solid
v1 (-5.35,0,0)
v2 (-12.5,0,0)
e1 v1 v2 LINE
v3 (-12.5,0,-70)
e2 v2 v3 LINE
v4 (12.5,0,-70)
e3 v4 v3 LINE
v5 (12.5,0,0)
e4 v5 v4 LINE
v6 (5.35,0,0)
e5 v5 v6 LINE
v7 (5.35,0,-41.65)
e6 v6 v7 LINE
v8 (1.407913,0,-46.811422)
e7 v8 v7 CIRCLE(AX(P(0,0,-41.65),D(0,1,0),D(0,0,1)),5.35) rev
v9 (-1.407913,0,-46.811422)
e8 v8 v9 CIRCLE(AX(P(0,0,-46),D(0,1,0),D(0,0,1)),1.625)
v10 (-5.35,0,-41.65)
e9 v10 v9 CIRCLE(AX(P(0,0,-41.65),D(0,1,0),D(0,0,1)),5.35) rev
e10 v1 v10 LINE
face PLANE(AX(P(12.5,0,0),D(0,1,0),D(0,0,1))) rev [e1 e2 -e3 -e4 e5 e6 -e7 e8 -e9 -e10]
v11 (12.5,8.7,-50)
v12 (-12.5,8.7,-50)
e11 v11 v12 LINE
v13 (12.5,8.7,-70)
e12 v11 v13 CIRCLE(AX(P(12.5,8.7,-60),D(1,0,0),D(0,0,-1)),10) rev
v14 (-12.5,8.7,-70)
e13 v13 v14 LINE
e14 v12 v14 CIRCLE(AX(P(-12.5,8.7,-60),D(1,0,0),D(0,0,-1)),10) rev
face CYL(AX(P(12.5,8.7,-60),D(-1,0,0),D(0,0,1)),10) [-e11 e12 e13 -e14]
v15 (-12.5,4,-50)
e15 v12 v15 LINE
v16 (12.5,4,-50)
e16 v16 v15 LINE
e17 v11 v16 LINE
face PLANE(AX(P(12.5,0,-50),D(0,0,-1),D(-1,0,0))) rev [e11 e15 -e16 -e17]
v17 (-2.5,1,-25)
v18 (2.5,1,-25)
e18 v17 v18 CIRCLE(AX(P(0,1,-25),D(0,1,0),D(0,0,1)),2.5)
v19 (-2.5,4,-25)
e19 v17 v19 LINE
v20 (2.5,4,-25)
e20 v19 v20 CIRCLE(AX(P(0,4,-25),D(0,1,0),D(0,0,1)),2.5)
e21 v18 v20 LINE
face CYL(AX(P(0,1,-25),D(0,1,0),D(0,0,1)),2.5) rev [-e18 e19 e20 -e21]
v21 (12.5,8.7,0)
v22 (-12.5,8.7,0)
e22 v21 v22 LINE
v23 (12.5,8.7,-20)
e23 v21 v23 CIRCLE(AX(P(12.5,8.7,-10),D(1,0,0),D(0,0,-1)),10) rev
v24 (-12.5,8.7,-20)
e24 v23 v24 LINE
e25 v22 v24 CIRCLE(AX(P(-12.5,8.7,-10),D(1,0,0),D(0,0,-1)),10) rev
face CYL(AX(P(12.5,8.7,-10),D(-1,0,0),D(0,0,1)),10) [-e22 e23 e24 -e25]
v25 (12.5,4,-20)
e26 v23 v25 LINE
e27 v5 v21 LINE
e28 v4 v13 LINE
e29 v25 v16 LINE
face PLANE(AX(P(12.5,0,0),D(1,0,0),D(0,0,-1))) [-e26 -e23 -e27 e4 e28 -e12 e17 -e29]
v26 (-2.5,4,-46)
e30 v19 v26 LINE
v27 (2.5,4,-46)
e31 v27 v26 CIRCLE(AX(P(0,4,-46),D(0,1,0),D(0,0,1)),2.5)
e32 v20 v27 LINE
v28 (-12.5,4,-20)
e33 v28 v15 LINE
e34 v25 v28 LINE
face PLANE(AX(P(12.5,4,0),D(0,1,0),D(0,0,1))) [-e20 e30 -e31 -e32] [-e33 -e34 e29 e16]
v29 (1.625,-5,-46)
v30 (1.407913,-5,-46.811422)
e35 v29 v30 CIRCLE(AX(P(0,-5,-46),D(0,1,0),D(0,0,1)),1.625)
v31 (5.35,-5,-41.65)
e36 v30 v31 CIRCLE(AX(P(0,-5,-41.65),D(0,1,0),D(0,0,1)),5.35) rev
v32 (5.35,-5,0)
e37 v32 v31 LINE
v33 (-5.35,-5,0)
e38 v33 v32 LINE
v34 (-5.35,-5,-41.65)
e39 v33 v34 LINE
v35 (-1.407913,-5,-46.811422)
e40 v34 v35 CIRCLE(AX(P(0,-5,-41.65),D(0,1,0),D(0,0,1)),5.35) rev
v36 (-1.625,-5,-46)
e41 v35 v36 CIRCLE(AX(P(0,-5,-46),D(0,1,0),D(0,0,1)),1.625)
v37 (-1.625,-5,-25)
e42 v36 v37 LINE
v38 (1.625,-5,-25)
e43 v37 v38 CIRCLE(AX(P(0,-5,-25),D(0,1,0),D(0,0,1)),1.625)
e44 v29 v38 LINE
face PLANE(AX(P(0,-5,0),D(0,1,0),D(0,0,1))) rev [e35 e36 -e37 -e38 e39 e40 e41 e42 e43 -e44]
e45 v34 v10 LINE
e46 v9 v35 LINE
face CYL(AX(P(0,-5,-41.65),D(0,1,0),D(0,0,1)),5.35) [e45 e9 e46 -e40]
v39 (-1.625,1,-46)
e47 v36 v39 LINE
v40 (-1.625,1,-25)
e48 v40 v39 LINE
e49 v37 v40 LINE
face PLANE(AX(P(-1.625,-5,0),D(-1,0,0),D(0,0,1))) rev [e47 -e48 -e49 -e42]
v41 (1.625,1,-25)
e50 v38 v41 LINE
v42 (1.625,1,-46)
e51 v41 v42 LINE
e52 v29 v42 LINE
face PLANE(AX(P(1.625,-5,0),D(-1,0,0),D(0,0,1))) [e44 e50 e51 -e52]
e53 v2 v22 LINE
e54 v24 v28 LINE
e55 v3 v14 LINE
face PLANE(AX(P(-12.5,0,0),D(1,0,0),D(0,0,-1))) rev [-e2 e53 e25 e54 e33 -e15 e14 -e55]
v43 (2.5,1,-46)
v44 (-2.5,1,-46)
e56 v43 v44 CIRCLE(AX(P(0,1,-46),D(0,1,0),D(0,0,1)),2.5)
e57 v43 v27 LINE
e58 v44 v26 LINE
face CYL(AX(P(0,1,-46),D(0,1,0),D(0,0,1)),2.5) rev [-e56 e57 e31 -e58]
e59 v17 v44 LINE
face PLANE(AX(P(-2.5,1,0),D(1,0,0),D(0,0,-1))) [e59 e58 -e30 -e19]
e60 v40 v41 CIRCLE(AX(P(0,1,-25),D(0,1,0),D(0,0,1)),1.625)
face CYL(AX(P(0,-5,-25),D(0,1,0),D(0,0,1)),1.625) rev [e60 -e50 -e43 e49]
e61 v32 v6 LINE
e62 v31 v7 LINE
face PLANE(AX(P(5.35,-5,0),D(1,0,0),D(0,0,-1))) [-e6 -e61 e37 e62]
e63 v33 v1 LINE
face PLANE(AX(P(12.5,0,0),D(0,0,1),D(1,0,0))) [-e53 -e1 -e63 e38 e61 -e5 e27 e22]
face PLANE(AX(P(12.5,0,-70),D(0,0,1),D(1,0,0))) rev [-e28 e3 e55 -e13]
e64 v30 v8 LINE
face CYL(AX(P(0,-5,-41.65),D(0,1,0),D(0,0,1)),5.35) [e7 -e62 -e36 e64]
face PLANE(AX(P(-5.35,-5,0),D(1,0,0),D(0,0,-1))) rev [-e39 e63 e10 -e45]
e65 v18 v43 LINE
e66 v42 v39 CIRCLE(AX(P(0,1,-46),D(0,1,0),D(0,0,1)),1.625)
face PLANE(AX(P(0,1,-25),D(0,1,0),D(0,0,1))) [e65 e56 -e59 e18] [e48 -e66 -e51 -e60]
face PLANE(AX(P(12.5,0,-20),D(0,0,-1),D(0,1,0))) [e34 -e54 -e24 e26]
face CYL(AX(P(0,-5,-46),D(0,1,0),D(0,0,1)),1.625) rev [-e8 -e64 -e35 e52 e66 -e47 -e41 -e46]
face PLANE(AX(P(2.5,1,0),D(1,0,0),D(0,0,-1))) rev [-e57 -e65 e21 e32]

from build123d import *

# Parameters (mm, degrees)
BOSS_EXTRUDE1_DEPTH     = 12.5
SKETCH2_W               = 10.7
SKETCH2_H               = 41.65
BOSS_EXTRUDE2_DEPTH     = 5
CUT_EXTRUDE1_DEPTH      = 19.7
CUT_EXTRUDE1_DEPTH_BACK = 6
CUT_EXTRUDE2_START      = 4
CUT_EXTRUDE2_DEPTH      = 3


with BuildPart() as part:
    # Sketch1 → Boss-Extrude1 (new body, symmetric)
    with BuildSketch(Plane(origin=(0, 0, 0), x_dir=(0, 0, -1), z_dir=(1, 0, 0))):
        with BuildLine():
            Line((0, 0), (70, 0))
            Line((70, 0), (70, 8.7))
            ThreePointArc((70, 8.7), (60, 18.7), (50, 8.7))
            Line((50, 8.7), (50, 4))
            Line((50, 4), (20, 4))
            Line((20, 4), (20, 8.7))
            ThreePointArc((20, 8.7), (10, 18.7), (0, 8.7))
            Line((0, 8.7), (0, 0))
        make_face()
    extrude(amount=BOSS_EXTRUDE1_DEPTH, both=True)

    # Sketch2 → Boss-Extrude2 (add)
    with BuildSketch(Plane(origin=(0, 0, 0), x_dir=(1, 0, 0), z_dir=(0, 1, 0))):
        with BuildLine():
            ThreePointArc((-5.35, 41.65), (0, 47), (5.35, 41.65))
            Line((5.35, 41.65), (-5.35, 41.65))
        make_face()
        with Locations((0, 20.825)):
            Rectangle(SKETCH2_W, SKETCH2_H)
    extrude(amount=-BOSS_EXTRUDE2_DEPTH)

    # Sketch4 → Cut-Extrude1 (cut, two sides)
    with BuildSketch(Plane(origin=(0, 0, 0), x_dir=(1, 0, 0), z_dir=(0, 1, 0))) as cut_extrude1_sk:
        with BuildLine():
            Line((-1.625, 40), (1.625, 40))
            Line((1.625, 40), (1.625, 46))
            ThreePointArc((1.625, 46), (0, 47.625), (-1.625, 46))
            Line((-1.625, 46), (-1.625, 40))
        make_face()
        with BuildLine():
            Line((1.625, 38.100164481), (1.625, 40))
            ThreePointArc((1.625, 40), (0, 38.375), (-1.625, 40))
            Line((-1.625, 40), (-1.625, 38.100164481))
            ThreePointArc((-1.625, 38.100164481), (0, 37.5), (1.625, 38.100164481))
        make_face()
        with BuildLine():
            ThreePointArc((-1.625, 40), (0, 38.375), (1.625, 40))
            Line((1.625, 40), (-1.625, 40))
        make_face()
        with BuildLine():
            Line((1.625, 32.899835519), (1.625, 38.100164481))
            ThreePointArc((1.625, 38.100164481), (0, 37.5), (-1.625, 38.100164481))
            Line((-1.625, 38.100164481), (-1.625, 32.899835519))
            ThreePointArc((-1.625, 32.899835519), (0, 33.5), (1.625, 32.899835519))
        make_face()
        with BuildLine():
            ThreePointArc((-1.625, 31), (0, 32.625), (1.625, 31))
            Line((1.625, 31), (1.625, 32.899835519))
            ThreePointArc((1.625, 32.899835519), (0, 33.5), (-1.625, 32.899835519))
            Line((-1.625, 32.899835519), (-1.625, 31))
        make_face()
        with BuildLine():
            Line((-1.625, 31), (1.625, 31))
            ThreePointArc((1.625, 31), (0, 32.625), (-1.625, 31))
        make_face()
        with BuildLine():
            Line((1.625, 25), (1.625, 31))
            Line((1.625, 31), (-1.625, 31))
            Line((-1.625, 31), (-1.625, 25))
            ThreePointArc((-1.625, 25), (0, 23.375), (1.625, 25))
        make_face()
    extrude(amount=CUT_EXTRUDE1_DEPTH, mode=Mode.SUBTRACT)
    extrude(cut_extrude1_sk.sketch, amount=-CUT_EXTRUDE1_DEPTH_BACK, mode=Mode.SUBTRACT)

    # Sketch4<3> → Cut-Extrude2 (cut)
    with BuildSketch(Plane(origin=(0, 0, 0), x_dir=(1, 0, 0), z_dir=(0, 1, 0)).offset(CUT_EXTRUDE2_START)):
        with BuildLine():
            Line((2.5, 25), (2.5, 31))
            Line((2.5, 31), (1.625, 31))
            Line((1.625, 31), (1.625, 25))
            ThreePointArc((1.625, 25), (0, 23.375), (-1.625, 25))
            Line((-1.625, 25), (-1.625, 31))
            Line((-1.625, 31), (-2.5, 31))
            Line((-2.5, 31), (-2.5, 25))
            ThreePointArc((-2.5, 25), (0, 22.5), (2.5, 25))
        make_face()
        with BuildLine():
            ThreePointArc((-1.625, 32.899835519), (-2.270737766, 32.045825033), (-2.5, 31))
            Line((-2.5, 31), (-1.625, 31))
            Line((-1.625, 31), (-1.625, 32.899835519))
        make_face()
        with BuildLine():
            ThreePointArc((-1.625, 38.100164481), (-2.270737766, 38.954174967), (-2.5, 40))
            Line((-2.5, 40), (-2.5, 31))
            ThreePointArc((-2.5, 31), (-2.270737766, 32.045825033), (-1.625, 32.899835519))
            Line((-1.625, 32.899835519), (-1.625, 38.100164481))
        make_face()
        with BuildLine():
            Line((1.625, 31), (2.5, 31))
            ThreePointArc((2.5, 31), (2.270737766, 32.045825033), (1.625, 32.899835519))
            Line((1.625, 32.899835519), (1.625, 31))
        make_face()
        with BuildLine():
            Line((2.5, 31), (2.5, 40))
            ThreePointArc((2.5, 40), (2.270737766, 38.954174967), (1.625, 38.100164481))
            Line((1.625, 38.100164481), (1.625, 32.899835519))
            ThreePointArc((1.625, 32.899835519), (2.270737766, 32.045825033), (2.5, 31))
        make_face()
        with BuildLine():
            ThreePointArc((1.625, 38.100164481), (2.270737766, 38.954174967), (2.5, 40))
            Line((2.5, 40), (1.625, 40))
            Line((1.625, 40), (1.625, 38.100164481))
        make_face()
        with BuildLine():
            Line((2.5, 40), (2.5, 46))
            ThreePointArc((2.5, 46), (0, 48.5), (-2.5, 46))
            Line((-2.5, 46), (-2.5, 40))
            Line((-2.5, 40), (-1.625, 40))
            Line((-1.625, 40), (-1.625, 46))
            ThreePointArc((-1.625, 46), (0, 47.625), (1.625, 46))
            Line((1.625, 46), (1.625, 40))
            Line((1.625, 40), (2.5, 40))
        make_face()
        with BuildLine():
            Line((-1.625, 40), (-2.5, 40))
            ThreePointArc((-2.5, 40), (-2.270737766, 38.954174967), (-1.625, 38.100164481))
            Line((-1.625, 38.100164481), (-1.625, 40))
        make_face()
    extrude(amount=-CUT_EXTRUDE2_DEPTH, mode=Mode.SUBTRACT)


solid = part.part
